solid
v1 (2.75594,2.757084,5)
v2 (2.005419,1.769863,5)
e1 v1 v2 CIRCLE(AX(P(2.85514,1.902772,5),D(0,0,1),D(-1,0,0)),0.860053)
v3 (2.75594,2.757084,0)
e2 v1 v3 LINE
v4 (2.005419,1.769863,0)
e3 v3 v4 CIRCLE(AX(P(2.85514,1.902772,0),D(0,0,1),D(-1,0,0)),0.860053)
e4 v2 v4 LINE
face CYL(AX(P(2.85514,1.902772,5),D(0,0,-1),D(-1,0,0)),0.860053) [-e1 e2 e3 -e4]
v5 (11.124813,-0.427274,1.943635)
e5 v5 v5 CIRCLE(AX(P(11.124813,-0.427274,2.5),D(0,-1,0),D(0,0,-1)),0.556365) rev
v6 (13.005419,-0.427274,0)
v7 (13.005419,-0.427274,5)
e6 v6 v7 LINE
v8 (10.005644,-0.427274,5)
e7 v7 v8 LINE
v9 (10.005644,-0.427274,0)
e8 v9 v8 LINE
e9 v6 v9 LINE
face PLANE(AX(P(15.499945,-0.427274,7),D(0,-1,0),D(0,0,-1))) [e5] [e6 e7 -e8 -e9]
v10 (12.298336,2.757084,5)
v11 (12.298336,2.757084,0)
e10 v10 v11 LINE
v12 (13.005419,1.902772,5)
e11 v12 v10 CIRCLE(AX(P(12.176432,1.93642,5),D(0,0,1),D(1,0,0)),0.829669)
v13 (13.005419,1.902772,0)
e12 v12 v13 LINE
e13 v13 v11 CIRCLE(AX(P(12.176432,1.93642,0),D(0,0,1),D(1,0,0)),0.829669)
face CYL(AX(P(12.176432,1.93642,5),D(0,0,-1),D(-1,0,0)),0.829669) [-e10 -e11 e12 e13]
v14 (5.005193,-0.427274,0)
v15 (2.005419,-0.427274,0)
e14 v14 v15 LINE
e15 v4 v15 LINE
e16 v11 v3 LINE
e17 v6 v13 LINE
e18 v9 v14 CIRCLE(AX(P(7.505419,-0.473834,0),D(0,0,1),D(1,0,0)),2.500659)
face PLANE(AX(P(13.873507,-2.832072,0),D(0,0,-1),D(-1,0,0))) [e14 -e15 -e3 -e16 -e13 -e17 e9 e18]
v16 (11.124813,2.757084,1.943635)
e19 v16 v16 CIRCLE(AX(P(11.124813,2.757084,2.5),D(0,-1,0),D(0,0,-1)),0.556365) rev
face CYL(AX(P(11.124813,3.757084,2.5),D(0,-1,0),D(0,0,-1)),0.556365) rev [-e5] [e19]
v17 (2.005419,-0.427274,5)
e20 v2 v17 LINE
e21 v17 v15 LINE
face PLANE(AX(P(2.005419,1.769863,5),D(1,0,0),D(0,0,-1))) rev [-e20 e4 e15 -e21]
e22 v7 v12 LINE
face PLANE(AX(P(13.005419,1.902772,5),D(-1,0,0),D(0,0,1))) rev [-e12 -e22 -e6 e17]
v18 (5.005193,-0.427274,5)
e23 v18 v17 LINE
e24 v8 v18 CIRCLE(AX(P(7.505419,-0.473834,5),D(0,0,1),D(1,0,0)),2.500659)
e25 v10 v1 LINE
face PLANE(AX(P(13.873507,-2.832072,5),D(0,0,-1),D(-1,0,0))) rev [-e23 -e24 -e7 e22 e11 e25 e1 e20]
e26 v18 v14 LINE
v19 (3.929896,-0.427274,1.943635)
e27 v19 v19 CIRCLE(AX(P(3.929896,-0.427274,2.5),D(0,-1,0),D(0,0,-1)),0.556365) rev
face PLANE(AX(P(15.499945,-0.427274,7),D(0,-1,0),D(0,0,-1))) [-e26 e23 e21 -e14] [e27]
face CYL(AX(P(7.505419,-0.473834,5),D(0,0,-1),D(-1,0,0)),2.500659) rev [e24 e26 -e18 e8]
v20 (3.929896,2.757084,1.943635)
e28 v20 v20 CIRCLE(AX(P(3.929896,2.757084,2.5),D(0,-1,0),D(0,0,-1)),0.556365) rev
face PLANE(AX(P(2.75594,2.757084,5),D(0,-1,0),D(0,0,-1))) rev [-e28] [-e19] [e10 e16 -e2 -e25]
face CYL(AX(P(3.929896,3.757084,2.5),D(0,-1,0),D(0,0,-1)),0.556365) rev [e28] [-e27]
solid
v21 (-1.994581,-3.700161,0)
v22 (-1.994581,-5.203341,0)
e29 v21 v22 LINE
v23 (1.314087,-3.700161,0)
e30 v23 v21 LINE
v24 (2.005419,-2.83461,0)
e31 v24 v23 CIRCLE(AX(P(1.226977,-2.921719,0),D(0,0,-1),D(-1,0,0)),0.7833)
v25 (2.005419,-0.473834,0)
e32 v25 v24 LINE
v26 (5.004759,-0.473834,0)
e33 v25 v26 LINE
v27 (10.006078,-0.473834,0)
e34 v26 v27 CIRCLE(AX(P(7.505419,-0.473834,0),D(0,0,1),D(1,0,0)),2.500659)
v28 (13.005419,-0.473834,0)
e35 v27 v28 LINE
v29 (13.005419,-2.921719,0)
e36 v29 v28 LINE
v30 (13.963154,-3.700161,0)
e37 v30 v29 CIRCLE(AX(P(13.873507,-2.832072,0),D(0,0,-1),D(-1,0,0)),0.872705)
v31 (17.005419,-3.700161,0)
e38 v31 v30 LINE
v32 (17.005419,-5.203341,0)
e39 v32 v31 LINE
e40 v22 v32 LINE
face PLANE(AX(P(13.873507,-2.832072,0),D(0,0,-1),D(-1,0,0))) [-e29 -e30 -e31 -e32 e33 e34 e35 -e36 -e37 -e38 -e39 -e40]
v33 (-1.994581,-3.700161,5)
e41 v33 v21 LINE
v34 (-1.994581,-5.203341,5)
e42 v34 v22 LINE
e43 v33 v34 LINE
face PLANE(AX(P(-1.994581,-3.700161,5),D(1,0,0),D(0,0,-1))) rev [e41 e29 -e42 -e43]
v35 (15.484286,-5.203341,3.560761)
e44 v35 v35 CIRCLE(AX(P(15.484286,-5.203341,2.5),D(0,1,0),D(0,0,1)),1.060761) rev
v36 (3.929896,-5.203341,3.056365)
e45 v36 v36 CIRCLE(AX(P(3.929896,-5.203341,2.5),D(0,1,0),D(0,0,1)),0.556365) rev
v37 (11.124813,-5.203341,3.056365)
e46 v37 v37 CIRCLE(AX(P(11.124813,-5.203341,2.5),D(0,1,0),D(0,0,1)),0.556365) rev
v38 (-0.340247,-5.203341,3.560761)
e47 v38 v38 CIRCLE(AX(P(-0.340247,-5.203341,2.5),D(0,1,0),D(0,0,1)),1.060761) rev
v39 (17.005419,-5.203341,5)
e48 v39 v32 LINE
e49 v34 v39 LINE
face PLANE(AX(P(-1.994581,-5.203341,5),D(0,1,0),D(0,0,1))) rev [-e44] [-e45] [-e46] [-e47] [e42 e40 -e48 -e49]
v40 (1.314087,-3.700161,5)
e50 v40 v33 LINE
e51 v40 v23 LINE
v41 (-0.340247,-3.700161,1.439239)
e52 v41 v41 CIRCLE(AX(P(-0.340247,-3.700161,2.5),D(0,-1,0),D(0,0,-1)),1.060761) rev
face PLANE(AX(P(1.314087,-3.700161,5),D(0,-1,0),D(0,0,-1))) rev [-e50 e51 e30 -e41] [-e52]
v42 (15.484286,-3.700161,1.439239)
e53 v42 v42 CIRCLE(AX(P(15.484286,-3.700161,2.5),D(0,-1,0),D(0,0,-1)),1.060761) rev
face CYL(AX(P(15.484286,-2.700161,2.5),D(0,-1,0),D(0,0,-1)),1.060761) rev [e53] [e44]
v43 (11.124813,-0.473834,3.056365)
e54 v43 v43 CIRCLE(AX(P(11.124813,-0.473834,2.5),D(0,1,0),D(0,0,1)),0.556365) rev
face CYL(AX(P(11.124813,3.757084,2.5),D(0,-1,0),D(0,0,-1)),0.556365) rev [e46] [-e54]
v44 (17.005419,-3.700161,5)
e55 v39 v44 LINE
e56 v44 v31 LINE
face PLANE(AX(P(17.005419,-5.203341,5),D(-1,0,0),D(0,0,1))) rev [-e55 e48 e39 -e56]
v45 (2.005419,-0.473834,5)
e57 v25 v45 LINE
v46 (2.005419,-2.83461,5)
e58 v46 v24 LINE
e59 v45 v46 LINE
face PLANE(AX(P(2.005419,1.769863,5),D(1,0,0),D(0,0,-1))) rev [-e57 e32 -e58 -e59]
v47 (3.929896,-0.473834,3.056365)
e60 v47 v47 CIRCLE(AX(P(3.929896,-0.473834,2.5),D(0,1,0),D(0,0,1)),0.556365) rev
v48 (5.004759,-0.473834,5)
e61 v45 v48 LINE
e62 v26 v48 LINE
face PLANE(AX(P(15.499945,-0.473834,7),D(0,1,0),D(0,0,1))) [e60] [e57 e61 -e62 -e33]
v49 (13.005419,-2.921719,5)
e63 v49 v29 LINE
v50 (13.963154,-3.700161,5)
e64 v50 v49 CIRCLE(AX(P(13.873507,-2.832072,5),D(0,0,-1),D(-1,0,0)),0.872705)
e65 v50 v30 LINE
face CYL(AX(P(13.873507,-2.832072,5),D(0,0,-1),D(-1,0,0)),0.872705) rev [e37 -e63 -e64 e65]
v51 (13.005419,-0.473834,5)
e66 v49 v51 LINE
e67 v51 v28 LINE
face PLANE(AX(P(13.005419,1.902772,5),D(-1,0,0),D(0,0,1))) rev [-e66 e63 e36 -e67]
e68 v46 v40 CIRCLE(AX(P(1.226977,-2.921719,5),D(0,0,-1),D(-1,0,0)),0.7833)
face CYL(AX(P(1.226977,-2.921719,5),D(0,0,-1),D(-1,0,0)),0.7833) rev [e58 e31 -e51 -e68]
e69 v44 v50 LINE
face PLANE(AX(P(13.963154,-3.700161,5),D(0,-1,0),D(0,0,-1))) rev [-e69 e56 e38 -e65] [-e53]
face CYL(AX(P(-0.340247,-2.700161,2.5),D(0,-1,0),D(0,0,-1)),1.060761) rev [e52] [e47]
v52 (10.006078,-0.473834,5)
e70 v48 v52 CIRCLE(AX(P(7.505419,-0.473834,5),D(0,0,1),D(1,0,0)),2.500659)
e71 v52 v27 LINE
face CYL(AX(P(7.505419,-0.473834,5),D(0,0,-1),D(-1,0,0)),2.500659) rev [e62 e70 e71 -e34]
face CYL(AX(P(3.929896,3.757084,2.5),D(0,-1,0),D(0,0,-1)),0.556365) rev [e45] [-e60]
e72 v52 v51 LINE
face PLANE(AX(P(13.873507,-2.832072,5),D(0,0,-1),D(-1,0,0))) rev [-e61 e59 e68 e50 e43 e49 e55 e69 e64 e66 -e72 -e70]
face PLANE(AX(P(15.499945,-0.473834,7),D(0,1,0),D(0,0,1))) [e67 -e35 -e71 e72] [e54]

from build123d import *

# Parameters (mm, degrees)
ESBO_O1_R                  = 2.500659113
RESSALTO_EXTRUS_O1_DEPTH   = 5
CORTE_EXTRUS_O1_DEPTH      = 7
CORTE_EXTRUS_O1_DEPTH_BACK = 3
ESBO_O2_W                  = 15.499945442
ESBO_O2_H                  = 0.046559987
CORTE_EXTRUS_O2_DEPTH      = 1
CORTE_EXTRUS_O2_DEPTH_BACK = 2
ESBO_O3_R                  = 1.060761411
CORTE_EXTRUS_O3_DEPTH      = 1
CORTE_EXTRUS_O3_DEPTH_BACK = 9
ESBO_O4_R                  = 0.55636465


with BuildPart() as part:
    # Esboço1 → Ressalto-extrusão1 (new body)
    with BuildSketch(Plane.XY):
        with BuildLine():
            Line((-1.994581442, -5.203341468), (17.005418558, -5.203341468))
            Line((17.005418558, -5.203341468), (17.005418558, -3.700160989))
            Line((17.005418558, -3.700160989), (13.96315408, -3.700160989))
            ThreePointArc((13.96315408, -3.700160989), (13.323065801, -3.509293749), (13.005418558, -2.921719466))
            Line((13.005418558, -2.921719466), (13.005418558, 1.902771573))
            ThreePointArc((13.005418558, 1.902771573), (12.81558044, 2.465418863), (12.298336044, 2.757084288))
            Line((12.298336044, 2.757084288), (2.755939614, 2.757084288))
            ThreePointArc((2.755939614, 2.757084288), (2.170476224, 2.423277661), (2.005418558, 1.769863388))
            Line((2.005418558, 1.769863388), (2.005418558, -2.834609505))
            ThreePointArc((2.005418558, -2.834609505), (1.839014359, -3.410564702), (1.314086996, -3.700160989))
            Line((1.314086996, -3.700160989), (-1.994581442, -3.700160989))
            Line((-1.994581442, -3.700160989), (-1.994581442, -5.203341468))
        make_face()
        with Locations((7.505418558, -0.473834048)):
            Circle(ESBO_O1_R, mode=Mode.SUBTRACT)
    extrude(amount=RESSALTO_EXTRUS_O1_DEPTH)

    # Esboço2 → Corte-extrusão1 (cut, two sides: drawn at the far end of the back side and taken through both)
    with BuildSketch(Plane.XY.offset(-CORTE_EXTRUS_O1_DEPTH_BACK)):
        with Locations((7.749972721, -0.450554055)):
            Rectangle(ESBO_O2_W, ESBO_O2_H)
    extrude(amount=CORTE_EXTRUS_O1_DEPTH + CORTE_EXTRUS_O1_DEPTH_BACK, mode=Mode.SUBTRACT)


with BuildPart() as corte_extrus_o1_piece_1:
    # of the separate pieces the step leaves, piece 1, a body of its own (corte_extrus_o1_pieces)
    add(part.part.solids().sort_by_distance((2.005418558, -0.473834048, 0))[0])

    # Esboço3 → Corte-extrusão2 (cut, two sides: drawn at the far end of the back side and taken through both)
    with BuildSketch(Plane(origin=(0, -3.700160989, 0), x_dir=(1, 0, 0), z_dir=(0, 1, 0)).offset(-CORTE_EXTRUS_O2_DEPTH_BACK)):
        with Locations((15.484286319, -2.5)):
            Circle(ESBO_O3_R)
        with Locations((-0.340247223, -2.5)):
            Circle(ESBO_O3_R)
    extrude(amount=CORTE_EXTRUS_O2_DEPTH + CORTE_EXTRUS_O2_DEPTH_BACK, mode=Mode.SUBTRACT)


with BuildPart() as corte_extrus_o1_piece_2:
    # of the separate pieces the step leaves, piece 2, a body of its own (corte_extrus_o1_pieces)
    add(part.part.solids().sort_by_distance((2.005418558, 1.769863388, 0))[0])


with BuildPart() as corte_extrus_o3_tool:
    # Esboço4 → Corte-extrusão3 (new, two sides: drawn at the far end of the back side and taken through both)
    with BuildSketch(Plane(origin=(0, 2.757084288, 0), x_dir=(1, 0, 0), z_dir=(0, 1, 0)).offset(-CORTE_EXTRUS_O3_DEPTH_BACK)):
        with Locations((3.929895865, -2.5)):
            Circle(ESBO_O4_R)
        with Locations((11.12481326, -2.5)):
            Circle(ESBO_O4_R)
    extrude(amount=CORTE_EXTRUS_O3_DEPTH + CORTE_EXTRUS_O3_DEPTH_BACK)


with BuildPart() as corte_extrus_o1_piece_1_1:
    add(corte_extrus_o1_piece_1.part)

    # Corte-extrusão3: cut by corte_extrus_o3_tool
    add(corte_extrus_o3_tool.part, mode=Mode.SUBTRACT)


with BuildPart() as corte_extrus_o1_piece_2_1:
    add(corte_extrus_o1_piece_2.part)

    # Corte-extrusão3: cut by corte_extrus_o3_tool
    add(corte_extrus_o3_tool.part, mode=Mode.SUBTRACT)


solid = Compound([corte_extrus_o1_piece_1_1.part, corte_extrus_o1_piece_2_1.part])
